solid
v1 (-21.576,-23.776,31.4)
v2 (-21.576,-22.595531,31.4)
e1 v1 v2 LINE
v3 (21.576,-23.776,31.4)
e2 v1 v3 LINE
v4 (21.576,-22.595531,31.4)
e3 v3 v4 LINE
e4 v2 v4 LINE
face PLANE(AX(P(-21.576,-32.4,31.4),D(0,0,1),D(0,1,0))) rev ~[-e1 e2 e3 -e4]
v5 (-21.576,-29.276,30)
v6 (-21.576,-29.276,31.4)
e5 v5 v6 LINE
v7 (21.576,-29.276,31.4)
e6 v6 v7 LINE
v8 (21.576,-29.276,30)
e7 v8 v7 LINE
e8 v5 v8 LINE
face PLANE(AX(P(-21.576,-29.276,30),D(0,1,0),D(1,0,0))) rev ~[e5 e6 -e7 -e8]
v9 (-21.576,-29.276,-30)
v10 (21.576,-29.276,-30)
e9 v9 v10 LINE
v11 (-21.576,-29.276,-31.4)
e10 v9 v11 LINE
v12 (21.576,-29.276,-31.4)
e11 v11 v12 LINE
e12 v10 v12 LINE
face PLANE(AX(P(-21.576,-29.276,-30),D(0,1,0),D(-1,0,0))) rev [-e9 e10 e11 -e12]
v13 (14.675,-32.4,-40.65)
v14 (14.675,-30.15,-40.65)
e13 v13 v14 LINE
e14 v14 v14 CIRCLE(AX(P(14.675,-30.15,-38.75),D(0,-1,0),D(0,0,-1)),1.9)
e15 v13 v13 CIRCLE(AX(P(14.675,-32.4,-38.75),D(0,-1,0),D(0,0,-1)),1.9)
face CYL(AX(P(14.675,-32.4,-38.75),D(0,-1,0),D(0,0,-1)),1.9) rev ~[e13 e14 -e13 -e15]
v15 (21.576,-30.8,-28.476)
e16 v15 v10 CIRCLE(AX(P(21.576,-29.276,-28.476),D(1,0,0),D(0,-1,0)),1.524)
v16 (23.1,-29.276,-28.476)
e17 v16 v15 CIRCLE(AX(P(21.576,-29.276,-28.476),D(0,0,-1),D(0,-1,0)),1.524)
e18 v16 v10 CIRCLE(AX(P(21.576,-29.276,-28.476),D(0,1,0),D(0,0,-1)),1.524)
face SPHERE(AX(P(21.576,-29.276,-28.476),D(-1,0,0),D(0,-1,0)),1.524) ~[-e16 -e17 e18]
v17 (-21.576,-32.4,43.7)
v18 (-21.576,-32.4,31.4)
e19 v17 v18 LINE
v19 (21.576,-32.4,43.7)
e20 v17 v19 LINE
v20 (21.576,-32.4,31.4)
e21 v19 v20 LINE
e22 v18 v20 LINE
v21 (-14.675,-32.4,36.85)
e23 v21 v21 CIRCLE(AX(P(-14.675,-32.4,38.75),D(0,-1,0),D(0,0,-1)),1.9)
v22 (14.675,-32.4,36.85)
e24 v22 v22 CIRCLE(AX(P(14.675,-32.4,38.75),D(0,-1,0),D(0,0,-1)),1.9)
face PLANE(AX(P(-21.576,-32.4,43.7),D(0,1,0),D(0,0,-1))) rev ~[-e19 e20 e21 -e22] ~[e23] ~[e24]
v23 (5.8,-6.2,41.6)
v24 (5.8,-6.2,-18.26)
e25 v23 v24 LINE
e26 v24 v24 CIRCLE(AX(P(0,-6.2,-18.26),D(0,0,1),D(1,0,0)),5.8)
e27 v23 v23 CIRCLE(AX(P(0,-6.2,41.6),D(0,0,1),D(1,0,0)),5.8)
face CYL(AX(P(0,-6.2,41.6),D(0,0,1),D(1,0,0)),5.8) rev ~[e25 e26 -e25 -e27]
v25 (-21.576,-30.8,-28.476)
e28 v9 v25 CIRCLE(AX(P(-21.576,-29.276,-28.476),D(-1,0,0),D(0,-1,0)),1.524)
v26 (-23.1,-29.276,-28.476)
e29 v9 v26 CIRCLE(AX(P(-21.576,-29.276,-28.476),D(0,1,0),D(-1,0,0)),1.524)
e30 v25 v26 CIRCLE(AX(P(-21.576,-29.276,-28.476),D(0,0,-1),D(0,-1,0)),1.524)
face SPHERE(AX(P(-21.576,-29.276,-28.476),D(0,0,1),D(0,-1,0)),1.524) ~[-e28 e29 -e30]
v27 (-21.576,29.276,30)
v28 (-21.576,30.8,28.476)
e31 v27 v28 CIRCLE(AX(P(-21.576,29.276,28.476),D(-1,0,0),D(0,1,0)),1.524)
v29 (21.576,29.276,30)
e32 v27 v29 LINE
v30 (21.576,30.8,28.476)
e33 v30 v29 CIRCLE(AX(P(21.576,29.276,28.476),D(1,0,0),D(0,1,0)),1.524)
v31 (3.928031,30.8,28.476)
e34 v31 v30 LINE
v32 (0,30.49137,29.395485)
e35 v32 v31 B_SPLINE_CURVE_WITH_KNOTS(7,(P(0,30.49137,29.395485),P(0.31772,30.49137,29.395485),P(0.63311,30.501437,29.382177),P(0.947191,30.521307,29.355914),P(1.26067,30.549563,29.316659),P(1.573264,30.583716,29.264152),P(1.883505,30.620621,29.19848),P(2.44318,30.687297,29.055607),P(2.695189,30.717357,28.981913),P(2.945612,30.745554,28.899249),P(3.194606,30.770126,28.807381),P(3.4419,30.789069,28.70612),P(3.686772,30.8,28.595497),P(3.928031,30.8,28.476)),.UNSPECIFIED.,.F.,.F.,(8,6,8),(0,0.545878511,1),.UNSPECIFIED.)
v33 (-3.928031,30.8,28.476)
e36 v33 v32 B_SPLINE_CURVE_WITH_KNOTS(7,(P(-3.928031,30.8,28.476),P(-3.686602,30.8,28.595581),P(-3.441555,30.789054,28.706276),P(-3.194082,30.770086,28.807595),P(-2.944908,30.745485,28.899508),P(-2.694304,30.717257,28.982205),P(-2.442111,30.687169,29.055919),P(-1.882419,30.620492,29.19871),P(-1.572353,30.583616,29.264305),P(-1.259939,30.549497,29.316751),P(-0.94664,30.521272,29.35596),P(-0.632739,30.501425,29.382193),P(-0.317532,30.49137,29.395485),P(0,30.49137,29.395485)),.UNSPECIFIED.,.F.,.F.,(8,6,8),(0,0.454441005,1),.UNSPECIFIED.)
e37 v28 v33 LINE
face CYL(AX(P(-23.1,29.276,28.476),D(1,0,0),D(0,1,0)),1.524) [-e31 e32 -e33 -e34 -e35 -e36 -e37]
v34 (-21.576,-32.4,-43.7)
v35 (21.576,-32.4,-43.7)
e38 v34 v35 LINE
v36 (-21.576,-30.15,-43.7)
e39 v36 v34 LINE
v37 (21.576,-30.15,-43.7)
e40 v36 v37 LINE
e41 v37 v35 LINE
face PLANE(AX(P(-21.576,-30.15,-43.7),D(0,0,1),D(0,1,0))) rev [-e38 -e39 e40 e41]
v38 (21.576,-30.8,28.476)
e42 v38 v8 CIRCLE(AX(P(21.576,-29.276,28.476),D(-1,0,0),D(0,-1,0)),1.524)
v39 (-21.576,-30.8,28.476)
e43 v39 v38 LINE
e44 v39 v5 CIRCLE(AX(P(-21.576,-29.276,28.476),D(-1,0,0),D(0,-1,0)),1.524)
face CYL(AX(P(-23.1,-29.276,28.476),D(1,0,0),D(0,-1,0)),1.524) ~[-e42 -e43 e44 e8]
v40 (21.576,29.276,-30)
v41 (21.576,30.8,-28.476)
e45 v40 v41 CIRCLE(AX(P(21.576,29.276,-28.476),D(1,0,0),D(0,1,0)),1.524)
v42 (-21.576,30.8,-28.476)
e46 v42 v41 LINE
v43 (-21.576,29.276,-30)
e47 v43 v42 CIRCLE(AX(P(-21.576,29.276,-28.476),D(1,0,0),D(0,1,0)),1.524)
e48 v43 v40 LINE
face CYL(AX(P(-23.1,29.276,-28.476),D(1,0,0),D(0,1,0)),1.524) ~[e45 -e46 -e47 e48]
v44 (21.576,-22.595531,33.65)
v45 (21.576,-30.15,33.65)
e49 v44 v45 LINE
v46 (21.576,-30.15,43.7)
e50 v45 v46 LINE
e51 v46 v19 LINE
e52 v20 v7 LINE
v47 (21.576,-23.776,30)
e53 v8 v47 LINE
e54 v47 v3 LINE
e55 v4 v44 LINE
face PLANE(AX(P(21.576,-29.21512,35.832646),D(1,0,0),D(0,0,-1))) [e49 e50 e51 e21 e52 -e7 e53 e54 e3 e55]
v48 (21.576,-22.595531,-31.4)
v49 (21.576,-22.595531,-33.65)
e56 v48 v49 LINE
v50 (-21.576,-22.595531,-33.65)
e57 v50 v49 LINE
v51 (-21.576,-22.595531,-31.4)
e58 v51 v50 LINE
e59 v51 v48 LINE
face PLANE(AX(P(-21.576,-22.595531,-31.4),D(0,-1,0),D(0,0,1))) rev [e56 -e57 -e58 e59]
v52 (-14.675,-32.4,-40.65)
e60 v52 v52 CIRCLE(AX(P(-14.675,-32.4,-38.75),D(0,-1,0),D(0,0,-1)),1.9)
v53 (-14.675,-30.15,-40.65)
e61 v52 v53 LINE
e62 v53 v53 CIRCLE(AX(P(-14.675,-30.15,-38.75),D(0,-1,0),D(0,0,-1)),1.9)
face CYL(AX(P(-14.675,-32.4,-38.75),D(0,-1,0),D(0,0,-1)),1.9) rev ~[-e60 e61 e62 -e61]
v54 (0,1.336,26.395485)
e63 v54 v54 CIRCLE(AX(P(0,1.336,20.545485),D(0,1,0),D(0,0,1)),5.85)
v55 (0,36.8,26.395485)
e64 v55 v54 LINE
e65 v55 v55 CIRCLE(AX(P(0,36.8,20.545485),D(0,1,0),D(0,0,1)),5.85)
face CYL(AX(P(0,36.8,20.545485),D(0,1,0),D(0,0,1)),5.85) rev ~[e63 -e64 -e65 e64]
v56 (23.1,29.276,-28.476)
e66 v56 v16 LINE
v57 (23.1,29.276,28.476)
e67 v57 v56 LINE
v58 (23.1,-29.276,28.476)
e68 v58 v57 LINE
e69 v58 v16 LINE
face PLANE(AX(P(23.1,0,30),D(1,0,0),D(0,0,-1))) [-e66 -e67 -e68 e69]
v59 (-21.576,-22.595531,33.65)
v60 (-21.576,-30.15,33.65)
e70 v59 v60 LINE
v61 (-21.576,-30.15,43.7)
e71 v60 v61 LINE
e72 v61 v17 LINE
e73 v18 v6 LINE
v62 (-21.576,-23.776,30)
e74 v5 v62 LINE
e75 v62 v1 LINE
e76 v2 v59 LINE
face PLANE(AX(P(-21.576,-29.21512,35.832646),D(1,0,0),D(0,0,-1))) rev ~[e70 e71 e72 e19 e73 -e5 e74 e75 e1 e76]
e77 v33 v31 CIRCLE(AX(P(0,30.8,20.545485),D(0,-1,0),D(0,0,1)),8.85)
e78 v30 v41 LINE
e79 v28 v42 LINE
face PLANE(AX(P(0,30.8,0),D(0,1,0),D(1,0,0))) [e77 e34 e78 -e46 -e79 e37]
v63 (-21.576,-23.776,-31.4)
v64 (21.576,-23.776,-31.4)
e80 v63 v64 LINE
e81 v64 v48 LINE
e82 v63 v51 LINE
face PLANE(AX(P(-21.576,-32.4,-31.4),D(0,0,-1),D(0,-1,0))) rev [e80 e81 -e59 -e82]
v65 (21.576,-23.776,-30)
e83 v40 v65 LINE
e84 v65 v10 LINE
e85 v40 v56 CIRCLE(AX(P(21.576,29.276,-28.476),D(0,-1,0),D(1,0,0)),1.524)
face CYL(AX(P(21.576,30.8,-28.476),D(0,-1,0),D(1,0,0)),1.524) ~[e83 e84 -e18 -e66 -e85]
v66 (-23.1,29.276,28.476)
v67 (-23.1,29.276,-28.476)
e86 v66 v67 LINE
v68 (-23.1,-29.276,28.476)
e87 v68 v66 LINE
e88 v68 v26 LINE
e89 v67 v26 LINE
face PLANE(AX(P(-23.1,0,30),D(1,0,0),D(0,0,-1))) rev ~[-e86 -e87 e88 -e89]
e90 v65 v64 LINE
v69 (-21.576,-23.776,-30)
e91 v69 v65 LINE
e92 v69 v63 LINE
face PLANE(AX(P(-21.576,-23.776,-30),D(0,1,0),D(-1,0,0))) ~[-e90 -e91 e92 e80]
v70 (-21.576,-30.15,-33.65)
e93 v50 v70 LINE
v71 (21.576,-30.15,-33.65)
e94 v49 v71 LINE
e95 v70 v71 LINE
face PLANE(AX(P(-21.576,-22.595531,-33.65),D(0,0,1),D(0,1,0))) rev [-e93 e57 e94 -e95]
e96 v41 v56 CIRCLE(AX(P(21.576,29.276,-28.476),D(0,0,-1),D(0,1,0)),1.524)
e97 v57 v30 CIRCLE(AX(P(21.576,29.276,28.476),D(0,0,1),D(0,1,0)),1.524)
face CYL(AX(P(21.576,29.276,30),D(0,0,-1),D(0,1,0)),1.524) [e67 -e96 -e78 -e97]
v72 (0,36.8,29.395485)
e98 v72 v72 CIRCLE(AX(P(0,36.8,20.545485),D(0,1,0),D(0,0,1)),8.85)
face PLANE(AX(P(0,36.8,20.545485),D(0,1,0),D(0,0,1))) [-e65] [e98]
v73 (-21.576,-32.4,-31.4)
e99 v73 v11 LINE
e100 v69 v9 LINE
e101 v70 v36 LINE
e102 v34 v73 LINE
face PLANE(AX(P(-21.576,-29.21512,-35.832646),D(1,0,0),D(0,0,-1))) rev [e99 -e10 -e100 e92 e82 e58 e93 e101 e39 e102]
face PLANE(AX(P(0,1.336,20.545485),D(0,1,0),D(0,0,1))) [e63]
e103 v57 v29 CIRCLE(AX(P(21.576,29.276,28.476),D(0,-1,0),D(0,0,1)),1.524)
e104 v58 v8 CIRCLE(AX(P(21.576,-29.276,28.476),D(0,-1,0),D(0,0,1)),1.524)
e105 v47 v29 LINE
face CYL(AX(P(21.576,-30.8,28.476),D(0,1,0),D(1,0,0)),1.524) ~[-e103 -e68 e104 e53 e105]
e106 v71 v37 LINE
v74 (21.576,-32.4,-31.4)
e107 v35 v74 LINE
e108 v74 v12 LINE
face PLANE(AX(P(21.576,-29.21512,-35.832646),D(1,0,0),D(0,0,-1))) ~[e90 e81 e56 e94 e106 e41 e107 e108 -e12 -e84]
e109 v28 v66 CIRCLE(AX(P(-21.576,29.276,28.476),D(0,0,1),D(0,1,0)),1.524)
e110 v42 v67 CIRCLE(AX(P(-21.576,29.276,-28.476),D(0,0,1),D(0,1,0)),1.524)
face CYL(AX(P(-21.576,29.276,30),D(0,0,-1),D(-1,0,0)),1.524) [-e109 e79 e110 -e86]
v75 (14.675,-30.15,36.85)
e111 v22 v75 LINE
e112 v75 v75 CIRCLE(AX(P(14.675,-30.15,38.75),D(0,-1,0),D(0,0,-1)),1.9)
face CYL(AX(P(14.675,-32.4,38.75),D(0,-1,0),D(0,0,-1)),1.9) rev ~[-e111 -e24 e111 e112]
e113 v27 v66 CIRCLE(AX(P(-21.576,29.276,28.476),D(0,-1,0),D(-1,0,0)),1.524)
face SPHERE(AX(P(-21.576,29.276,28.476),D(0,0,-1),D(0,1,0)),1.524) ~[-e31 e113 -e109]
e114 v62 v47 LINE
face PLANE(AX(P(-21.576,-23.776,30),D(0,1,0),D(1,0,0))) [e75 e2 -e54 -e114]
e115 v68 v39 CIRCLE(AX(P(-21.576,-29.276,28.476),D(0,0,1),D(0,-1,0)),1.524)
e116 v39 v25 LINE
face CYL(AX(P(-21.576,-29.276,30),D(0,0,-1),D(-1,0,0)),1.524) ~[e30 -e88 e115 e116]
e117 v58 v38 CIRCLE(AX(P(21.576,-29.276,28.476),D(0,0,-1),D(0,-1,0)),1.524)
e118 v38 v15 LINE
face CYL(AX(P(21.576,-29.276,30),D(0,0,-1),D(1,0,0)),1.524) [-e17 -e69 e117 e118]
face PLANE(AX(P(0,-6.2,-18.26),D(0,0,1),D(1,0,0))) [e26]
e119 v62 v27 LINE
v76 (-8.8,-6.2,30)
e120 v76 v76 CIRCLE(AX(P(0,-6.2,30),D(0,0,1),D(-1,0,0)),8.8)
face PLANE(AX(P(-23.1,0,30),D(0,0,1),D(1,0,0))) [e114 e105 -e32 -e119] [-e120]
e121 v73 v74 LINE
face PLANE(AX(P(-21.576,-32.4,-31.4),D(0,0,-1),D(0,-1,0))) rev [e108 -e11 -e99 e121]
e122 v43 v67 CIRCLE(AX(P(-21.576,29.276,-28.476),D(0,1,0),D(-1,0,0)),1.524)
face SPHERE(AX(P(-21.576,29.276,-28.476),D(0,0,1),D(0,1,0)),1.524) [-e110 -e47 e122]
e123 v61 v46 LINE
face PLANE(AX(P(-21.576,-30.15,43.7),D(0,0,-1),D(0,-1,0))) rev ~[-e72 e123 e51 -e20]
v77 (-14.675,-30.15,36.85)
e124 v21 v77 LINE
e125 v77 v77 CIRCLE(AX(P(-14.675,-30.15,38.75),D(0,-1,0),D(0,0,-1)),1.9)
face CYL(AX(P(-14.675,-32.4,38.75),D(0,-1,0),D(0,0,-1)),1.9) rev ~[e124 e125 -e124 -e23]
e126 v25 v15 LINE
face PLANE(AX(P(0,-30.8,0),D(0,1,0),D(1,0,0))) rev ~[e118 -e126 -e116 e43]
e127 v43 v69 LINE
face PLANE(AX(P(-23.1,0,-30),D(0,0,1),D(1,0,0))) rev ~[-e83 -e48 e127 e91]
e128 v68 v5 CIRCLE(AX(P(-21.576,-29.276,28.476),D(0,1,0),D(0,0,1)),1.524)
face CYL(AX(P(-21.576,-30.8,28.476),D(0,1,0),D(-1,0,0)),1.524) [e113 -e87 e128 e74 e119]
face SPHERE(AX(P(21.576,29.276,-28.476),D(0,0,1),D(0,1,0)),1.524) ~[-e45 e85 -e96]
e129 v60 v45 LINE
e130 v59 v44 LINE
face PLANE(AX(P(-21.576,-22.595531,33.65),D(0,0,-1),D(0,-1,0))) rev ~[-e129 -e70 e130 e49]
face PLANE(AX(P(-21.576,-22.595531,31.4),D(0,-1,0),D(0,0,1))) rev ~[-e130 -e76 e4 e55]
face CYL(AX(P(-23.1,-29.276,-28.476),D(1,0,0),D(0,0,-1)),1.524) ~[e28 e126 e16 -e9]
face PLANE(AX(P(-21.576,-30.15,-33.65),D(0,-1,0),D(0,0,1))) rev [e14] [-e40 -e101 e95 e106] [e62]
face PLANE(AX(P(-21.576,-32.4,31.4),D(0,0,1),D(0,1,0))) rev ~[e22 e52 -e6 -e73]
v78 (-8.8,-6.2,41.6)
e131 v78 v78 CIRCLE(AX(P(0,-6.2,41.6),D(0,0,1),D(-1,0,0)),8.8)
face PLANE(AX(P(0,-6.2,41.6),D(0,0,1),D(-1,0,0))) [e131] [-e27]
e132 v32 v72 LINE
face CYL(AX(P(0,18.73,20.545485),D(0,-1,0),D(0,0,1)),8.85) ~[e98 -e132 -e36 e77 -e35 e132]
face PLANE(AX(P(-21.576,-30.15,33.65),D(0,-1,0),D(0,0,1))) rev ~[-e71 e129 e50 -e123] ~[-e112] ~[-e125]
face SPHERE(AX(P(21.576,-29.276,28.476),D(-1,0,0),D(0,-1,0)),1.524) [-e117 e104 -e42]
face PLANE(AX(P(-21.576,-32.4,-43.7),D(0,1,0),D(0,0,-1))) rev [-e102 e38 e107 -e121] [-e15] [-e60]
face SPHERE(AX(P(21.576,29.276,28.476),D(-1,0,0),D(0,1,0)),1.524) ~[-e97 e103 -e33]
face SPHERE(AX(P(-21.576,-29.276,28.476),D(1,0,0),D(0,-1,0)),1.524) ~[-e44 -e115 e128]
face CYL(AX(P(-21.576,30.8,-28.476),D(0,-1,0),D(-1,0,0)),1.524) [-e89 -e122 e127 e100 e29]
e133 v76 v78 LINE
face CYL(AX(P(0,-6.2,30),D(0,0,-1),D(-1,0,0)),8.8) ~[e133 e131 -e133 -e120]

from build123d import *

# Parameters (mm, degrees)
SKETCH1_W                = 46.2
SKETCH1_H                = 60
BOSS_EXTRUDE1_DEPTH      = 30.8
FILLET1_R                = 1.524
BOSS_EXTRUDE2_DEPTH      = 6
BOSS_EXTRUDE2_DEPTH_BACK = 12.07
SKETCH2_R                = 8.849999953
SKETCH3_R                = 5.849999953
CUT_EXTRUDE1_DEPTH       = 35.464
SKETCH4_R                = 8.8
BOSS_EXTRUDE3_DEPTH      = 11.6
SKETCH5_R                = 5.8
CUT_EXTRUDE2_DEPTH       = 59.86
SKETCH6_W                = 43.152
SKETCH6_H                = 5.5
BOSS_EXTRUDE4_DEPTH      = 1.4
BOSS_EXTRUDE5_DEPTH      = 43.152
SKETCH9_R                = 1.9
CUT_EXTRUDE3_DEPTH       = 14.1


with BuildPart() as part:
    # Sketch1 → Boss-Extrude1 (new, symmetric)
    with BuildSketch(Plane(origin=(0, 0, 0), x_dir=(1, 0, 0), z_dir=(0, 1, 0))):
        Rectangle(SKETCH1_W, SKETCH1_H)
    extrude(amount=BOSS_EXTRUDE1_DEPTH, both=True)

    # Fillet1
    fillet1_edges = [part.edges().sort_by_distance(p)[0] for p in [
        (-23.1, 30.8, 0),
        (0, 30.8, 30),
        (23.1, 30.8, 0),
        (0, -30.8, 30),
        (-23.1, -30.8, 0),
        (0, -30.8, -30),
        (23.1, -30.8, 0),
        (0, 30.8, -30),
        (23.1, 0, 30),
        (-23.1, 0, 30),
        (-23.1, 0, -30),
        (23.1, 0, -30),
    ]]
    fillet(fillet1_edges, radius=FILLET1_R)

    # Sketch2 → Boss-Extrude2 (add, two sides: drawn at the far end of the back side and taken through both)
    with BuildSketch(Plane(origin=(0, 30.8, 0), x_dir=(1, 0, 0), z_dir=(0, 1, 0)).offset(-BOSS_EXTRUDE2_DEPTH_BACK)):
        with Locations(Location((0, -20.545484859, 0), (0, 0, 270))):
            Circle(SKETCH2_R)
    extrude(amount=BOSS_EXTRUDE2_DEPTH + BOSS_EXTRUDE2_DEPTH_BACK)

    # Sketch3 → Cut-Extrude1 (cut)
    with BuildSketch(Plane(origin=(0, 36.8, 0), x_dir=(1, 0, 0), z_dir=(0, 1, 0))):
        with Locations(Location((0, -20.545484859, 0), (0, 0, 270))):
            Circle(SKETCH3_R)
    extrude(amount=-CUT_EXTRUDE1_DEPTH, mode=Mode.SUBTRACT)

    # Sketch4 → Boss-Extrude3 (add)
    with BuildSketch(Plane.XY.offset(30)):
        with Locations(Location((0, -6.2, 0), (0, 0, 180))):
            Circle(SKETCH4_R)
    extrude(amount=BOSS_EXTRUDE3_DEPTH)

    # Sketch5 → Cut-Extrude2 (cut)
    with BuildSketch(Plane.XY.offset(41.6)):
        with Locations((0, -6.2)):
            Circle(SKETCH5_R)
    extrude(amount=-CUT_EXTRUDE2_DEPTH, mode=Mode.SUBTRACT)

    # Sketch6 → Boss-Extrude4 (add)
    with BuildSketch(Plane.XY.offset(30)):
        with Locations((0, -26.526)):
            Rectangle(SKETCH6_W, SKETCH6_H)
    boss_extrude4 = extrude(amount=BOSS_EXTRUDE4_DEPTH)

    # Sketch8 → Boss-Extrude5 (add)
    with BuildSketch(Plane.ZY.offset(21.576)):
        Polygon((31.4, -32.4), (31.4, -22.595531019), (33.65, -22.595531019), (33.65, -30.15), (43.7, -30.15), (43.7, -32.4), align=None)
    boss_extrude5 = extrude(amount=-BOSS_EXTRUDE5_DEPTH)

    # Mirror1: Boss-Extrude4, Boss-Extrude5 across plane
    add(boss_extrude4.mirror(Plane.XY))
    add(boss_extrude5.mirror(Plane.XY))

    # Sketch9 → Cut-Extrude3 (cut)
    with BuildSketch(Plane.XZ.offset(32.4)):
        with Locations(Location((-14.675, 38.75, 0), (0, 0, 270))):
            Circle(SKETCH9_R)
        with Locations(Location((14.675, 38.75, 0), (0, 0, 270))):
            Circle(SKETCH9_R)
        with Locations(Location((14.675, -38.75, 0), (0, 0, 270))):
            Circle(SKETCH9_R)
        with Locations(Location((-14.675, -38.75, 0), (0, 0, 270))):
            Circle(SKETCH9_R)
    extrude(amount=-CUT_EXTRUDE3_DEPTH, mode=Mode.SUBTRACT)


solid = part.part
